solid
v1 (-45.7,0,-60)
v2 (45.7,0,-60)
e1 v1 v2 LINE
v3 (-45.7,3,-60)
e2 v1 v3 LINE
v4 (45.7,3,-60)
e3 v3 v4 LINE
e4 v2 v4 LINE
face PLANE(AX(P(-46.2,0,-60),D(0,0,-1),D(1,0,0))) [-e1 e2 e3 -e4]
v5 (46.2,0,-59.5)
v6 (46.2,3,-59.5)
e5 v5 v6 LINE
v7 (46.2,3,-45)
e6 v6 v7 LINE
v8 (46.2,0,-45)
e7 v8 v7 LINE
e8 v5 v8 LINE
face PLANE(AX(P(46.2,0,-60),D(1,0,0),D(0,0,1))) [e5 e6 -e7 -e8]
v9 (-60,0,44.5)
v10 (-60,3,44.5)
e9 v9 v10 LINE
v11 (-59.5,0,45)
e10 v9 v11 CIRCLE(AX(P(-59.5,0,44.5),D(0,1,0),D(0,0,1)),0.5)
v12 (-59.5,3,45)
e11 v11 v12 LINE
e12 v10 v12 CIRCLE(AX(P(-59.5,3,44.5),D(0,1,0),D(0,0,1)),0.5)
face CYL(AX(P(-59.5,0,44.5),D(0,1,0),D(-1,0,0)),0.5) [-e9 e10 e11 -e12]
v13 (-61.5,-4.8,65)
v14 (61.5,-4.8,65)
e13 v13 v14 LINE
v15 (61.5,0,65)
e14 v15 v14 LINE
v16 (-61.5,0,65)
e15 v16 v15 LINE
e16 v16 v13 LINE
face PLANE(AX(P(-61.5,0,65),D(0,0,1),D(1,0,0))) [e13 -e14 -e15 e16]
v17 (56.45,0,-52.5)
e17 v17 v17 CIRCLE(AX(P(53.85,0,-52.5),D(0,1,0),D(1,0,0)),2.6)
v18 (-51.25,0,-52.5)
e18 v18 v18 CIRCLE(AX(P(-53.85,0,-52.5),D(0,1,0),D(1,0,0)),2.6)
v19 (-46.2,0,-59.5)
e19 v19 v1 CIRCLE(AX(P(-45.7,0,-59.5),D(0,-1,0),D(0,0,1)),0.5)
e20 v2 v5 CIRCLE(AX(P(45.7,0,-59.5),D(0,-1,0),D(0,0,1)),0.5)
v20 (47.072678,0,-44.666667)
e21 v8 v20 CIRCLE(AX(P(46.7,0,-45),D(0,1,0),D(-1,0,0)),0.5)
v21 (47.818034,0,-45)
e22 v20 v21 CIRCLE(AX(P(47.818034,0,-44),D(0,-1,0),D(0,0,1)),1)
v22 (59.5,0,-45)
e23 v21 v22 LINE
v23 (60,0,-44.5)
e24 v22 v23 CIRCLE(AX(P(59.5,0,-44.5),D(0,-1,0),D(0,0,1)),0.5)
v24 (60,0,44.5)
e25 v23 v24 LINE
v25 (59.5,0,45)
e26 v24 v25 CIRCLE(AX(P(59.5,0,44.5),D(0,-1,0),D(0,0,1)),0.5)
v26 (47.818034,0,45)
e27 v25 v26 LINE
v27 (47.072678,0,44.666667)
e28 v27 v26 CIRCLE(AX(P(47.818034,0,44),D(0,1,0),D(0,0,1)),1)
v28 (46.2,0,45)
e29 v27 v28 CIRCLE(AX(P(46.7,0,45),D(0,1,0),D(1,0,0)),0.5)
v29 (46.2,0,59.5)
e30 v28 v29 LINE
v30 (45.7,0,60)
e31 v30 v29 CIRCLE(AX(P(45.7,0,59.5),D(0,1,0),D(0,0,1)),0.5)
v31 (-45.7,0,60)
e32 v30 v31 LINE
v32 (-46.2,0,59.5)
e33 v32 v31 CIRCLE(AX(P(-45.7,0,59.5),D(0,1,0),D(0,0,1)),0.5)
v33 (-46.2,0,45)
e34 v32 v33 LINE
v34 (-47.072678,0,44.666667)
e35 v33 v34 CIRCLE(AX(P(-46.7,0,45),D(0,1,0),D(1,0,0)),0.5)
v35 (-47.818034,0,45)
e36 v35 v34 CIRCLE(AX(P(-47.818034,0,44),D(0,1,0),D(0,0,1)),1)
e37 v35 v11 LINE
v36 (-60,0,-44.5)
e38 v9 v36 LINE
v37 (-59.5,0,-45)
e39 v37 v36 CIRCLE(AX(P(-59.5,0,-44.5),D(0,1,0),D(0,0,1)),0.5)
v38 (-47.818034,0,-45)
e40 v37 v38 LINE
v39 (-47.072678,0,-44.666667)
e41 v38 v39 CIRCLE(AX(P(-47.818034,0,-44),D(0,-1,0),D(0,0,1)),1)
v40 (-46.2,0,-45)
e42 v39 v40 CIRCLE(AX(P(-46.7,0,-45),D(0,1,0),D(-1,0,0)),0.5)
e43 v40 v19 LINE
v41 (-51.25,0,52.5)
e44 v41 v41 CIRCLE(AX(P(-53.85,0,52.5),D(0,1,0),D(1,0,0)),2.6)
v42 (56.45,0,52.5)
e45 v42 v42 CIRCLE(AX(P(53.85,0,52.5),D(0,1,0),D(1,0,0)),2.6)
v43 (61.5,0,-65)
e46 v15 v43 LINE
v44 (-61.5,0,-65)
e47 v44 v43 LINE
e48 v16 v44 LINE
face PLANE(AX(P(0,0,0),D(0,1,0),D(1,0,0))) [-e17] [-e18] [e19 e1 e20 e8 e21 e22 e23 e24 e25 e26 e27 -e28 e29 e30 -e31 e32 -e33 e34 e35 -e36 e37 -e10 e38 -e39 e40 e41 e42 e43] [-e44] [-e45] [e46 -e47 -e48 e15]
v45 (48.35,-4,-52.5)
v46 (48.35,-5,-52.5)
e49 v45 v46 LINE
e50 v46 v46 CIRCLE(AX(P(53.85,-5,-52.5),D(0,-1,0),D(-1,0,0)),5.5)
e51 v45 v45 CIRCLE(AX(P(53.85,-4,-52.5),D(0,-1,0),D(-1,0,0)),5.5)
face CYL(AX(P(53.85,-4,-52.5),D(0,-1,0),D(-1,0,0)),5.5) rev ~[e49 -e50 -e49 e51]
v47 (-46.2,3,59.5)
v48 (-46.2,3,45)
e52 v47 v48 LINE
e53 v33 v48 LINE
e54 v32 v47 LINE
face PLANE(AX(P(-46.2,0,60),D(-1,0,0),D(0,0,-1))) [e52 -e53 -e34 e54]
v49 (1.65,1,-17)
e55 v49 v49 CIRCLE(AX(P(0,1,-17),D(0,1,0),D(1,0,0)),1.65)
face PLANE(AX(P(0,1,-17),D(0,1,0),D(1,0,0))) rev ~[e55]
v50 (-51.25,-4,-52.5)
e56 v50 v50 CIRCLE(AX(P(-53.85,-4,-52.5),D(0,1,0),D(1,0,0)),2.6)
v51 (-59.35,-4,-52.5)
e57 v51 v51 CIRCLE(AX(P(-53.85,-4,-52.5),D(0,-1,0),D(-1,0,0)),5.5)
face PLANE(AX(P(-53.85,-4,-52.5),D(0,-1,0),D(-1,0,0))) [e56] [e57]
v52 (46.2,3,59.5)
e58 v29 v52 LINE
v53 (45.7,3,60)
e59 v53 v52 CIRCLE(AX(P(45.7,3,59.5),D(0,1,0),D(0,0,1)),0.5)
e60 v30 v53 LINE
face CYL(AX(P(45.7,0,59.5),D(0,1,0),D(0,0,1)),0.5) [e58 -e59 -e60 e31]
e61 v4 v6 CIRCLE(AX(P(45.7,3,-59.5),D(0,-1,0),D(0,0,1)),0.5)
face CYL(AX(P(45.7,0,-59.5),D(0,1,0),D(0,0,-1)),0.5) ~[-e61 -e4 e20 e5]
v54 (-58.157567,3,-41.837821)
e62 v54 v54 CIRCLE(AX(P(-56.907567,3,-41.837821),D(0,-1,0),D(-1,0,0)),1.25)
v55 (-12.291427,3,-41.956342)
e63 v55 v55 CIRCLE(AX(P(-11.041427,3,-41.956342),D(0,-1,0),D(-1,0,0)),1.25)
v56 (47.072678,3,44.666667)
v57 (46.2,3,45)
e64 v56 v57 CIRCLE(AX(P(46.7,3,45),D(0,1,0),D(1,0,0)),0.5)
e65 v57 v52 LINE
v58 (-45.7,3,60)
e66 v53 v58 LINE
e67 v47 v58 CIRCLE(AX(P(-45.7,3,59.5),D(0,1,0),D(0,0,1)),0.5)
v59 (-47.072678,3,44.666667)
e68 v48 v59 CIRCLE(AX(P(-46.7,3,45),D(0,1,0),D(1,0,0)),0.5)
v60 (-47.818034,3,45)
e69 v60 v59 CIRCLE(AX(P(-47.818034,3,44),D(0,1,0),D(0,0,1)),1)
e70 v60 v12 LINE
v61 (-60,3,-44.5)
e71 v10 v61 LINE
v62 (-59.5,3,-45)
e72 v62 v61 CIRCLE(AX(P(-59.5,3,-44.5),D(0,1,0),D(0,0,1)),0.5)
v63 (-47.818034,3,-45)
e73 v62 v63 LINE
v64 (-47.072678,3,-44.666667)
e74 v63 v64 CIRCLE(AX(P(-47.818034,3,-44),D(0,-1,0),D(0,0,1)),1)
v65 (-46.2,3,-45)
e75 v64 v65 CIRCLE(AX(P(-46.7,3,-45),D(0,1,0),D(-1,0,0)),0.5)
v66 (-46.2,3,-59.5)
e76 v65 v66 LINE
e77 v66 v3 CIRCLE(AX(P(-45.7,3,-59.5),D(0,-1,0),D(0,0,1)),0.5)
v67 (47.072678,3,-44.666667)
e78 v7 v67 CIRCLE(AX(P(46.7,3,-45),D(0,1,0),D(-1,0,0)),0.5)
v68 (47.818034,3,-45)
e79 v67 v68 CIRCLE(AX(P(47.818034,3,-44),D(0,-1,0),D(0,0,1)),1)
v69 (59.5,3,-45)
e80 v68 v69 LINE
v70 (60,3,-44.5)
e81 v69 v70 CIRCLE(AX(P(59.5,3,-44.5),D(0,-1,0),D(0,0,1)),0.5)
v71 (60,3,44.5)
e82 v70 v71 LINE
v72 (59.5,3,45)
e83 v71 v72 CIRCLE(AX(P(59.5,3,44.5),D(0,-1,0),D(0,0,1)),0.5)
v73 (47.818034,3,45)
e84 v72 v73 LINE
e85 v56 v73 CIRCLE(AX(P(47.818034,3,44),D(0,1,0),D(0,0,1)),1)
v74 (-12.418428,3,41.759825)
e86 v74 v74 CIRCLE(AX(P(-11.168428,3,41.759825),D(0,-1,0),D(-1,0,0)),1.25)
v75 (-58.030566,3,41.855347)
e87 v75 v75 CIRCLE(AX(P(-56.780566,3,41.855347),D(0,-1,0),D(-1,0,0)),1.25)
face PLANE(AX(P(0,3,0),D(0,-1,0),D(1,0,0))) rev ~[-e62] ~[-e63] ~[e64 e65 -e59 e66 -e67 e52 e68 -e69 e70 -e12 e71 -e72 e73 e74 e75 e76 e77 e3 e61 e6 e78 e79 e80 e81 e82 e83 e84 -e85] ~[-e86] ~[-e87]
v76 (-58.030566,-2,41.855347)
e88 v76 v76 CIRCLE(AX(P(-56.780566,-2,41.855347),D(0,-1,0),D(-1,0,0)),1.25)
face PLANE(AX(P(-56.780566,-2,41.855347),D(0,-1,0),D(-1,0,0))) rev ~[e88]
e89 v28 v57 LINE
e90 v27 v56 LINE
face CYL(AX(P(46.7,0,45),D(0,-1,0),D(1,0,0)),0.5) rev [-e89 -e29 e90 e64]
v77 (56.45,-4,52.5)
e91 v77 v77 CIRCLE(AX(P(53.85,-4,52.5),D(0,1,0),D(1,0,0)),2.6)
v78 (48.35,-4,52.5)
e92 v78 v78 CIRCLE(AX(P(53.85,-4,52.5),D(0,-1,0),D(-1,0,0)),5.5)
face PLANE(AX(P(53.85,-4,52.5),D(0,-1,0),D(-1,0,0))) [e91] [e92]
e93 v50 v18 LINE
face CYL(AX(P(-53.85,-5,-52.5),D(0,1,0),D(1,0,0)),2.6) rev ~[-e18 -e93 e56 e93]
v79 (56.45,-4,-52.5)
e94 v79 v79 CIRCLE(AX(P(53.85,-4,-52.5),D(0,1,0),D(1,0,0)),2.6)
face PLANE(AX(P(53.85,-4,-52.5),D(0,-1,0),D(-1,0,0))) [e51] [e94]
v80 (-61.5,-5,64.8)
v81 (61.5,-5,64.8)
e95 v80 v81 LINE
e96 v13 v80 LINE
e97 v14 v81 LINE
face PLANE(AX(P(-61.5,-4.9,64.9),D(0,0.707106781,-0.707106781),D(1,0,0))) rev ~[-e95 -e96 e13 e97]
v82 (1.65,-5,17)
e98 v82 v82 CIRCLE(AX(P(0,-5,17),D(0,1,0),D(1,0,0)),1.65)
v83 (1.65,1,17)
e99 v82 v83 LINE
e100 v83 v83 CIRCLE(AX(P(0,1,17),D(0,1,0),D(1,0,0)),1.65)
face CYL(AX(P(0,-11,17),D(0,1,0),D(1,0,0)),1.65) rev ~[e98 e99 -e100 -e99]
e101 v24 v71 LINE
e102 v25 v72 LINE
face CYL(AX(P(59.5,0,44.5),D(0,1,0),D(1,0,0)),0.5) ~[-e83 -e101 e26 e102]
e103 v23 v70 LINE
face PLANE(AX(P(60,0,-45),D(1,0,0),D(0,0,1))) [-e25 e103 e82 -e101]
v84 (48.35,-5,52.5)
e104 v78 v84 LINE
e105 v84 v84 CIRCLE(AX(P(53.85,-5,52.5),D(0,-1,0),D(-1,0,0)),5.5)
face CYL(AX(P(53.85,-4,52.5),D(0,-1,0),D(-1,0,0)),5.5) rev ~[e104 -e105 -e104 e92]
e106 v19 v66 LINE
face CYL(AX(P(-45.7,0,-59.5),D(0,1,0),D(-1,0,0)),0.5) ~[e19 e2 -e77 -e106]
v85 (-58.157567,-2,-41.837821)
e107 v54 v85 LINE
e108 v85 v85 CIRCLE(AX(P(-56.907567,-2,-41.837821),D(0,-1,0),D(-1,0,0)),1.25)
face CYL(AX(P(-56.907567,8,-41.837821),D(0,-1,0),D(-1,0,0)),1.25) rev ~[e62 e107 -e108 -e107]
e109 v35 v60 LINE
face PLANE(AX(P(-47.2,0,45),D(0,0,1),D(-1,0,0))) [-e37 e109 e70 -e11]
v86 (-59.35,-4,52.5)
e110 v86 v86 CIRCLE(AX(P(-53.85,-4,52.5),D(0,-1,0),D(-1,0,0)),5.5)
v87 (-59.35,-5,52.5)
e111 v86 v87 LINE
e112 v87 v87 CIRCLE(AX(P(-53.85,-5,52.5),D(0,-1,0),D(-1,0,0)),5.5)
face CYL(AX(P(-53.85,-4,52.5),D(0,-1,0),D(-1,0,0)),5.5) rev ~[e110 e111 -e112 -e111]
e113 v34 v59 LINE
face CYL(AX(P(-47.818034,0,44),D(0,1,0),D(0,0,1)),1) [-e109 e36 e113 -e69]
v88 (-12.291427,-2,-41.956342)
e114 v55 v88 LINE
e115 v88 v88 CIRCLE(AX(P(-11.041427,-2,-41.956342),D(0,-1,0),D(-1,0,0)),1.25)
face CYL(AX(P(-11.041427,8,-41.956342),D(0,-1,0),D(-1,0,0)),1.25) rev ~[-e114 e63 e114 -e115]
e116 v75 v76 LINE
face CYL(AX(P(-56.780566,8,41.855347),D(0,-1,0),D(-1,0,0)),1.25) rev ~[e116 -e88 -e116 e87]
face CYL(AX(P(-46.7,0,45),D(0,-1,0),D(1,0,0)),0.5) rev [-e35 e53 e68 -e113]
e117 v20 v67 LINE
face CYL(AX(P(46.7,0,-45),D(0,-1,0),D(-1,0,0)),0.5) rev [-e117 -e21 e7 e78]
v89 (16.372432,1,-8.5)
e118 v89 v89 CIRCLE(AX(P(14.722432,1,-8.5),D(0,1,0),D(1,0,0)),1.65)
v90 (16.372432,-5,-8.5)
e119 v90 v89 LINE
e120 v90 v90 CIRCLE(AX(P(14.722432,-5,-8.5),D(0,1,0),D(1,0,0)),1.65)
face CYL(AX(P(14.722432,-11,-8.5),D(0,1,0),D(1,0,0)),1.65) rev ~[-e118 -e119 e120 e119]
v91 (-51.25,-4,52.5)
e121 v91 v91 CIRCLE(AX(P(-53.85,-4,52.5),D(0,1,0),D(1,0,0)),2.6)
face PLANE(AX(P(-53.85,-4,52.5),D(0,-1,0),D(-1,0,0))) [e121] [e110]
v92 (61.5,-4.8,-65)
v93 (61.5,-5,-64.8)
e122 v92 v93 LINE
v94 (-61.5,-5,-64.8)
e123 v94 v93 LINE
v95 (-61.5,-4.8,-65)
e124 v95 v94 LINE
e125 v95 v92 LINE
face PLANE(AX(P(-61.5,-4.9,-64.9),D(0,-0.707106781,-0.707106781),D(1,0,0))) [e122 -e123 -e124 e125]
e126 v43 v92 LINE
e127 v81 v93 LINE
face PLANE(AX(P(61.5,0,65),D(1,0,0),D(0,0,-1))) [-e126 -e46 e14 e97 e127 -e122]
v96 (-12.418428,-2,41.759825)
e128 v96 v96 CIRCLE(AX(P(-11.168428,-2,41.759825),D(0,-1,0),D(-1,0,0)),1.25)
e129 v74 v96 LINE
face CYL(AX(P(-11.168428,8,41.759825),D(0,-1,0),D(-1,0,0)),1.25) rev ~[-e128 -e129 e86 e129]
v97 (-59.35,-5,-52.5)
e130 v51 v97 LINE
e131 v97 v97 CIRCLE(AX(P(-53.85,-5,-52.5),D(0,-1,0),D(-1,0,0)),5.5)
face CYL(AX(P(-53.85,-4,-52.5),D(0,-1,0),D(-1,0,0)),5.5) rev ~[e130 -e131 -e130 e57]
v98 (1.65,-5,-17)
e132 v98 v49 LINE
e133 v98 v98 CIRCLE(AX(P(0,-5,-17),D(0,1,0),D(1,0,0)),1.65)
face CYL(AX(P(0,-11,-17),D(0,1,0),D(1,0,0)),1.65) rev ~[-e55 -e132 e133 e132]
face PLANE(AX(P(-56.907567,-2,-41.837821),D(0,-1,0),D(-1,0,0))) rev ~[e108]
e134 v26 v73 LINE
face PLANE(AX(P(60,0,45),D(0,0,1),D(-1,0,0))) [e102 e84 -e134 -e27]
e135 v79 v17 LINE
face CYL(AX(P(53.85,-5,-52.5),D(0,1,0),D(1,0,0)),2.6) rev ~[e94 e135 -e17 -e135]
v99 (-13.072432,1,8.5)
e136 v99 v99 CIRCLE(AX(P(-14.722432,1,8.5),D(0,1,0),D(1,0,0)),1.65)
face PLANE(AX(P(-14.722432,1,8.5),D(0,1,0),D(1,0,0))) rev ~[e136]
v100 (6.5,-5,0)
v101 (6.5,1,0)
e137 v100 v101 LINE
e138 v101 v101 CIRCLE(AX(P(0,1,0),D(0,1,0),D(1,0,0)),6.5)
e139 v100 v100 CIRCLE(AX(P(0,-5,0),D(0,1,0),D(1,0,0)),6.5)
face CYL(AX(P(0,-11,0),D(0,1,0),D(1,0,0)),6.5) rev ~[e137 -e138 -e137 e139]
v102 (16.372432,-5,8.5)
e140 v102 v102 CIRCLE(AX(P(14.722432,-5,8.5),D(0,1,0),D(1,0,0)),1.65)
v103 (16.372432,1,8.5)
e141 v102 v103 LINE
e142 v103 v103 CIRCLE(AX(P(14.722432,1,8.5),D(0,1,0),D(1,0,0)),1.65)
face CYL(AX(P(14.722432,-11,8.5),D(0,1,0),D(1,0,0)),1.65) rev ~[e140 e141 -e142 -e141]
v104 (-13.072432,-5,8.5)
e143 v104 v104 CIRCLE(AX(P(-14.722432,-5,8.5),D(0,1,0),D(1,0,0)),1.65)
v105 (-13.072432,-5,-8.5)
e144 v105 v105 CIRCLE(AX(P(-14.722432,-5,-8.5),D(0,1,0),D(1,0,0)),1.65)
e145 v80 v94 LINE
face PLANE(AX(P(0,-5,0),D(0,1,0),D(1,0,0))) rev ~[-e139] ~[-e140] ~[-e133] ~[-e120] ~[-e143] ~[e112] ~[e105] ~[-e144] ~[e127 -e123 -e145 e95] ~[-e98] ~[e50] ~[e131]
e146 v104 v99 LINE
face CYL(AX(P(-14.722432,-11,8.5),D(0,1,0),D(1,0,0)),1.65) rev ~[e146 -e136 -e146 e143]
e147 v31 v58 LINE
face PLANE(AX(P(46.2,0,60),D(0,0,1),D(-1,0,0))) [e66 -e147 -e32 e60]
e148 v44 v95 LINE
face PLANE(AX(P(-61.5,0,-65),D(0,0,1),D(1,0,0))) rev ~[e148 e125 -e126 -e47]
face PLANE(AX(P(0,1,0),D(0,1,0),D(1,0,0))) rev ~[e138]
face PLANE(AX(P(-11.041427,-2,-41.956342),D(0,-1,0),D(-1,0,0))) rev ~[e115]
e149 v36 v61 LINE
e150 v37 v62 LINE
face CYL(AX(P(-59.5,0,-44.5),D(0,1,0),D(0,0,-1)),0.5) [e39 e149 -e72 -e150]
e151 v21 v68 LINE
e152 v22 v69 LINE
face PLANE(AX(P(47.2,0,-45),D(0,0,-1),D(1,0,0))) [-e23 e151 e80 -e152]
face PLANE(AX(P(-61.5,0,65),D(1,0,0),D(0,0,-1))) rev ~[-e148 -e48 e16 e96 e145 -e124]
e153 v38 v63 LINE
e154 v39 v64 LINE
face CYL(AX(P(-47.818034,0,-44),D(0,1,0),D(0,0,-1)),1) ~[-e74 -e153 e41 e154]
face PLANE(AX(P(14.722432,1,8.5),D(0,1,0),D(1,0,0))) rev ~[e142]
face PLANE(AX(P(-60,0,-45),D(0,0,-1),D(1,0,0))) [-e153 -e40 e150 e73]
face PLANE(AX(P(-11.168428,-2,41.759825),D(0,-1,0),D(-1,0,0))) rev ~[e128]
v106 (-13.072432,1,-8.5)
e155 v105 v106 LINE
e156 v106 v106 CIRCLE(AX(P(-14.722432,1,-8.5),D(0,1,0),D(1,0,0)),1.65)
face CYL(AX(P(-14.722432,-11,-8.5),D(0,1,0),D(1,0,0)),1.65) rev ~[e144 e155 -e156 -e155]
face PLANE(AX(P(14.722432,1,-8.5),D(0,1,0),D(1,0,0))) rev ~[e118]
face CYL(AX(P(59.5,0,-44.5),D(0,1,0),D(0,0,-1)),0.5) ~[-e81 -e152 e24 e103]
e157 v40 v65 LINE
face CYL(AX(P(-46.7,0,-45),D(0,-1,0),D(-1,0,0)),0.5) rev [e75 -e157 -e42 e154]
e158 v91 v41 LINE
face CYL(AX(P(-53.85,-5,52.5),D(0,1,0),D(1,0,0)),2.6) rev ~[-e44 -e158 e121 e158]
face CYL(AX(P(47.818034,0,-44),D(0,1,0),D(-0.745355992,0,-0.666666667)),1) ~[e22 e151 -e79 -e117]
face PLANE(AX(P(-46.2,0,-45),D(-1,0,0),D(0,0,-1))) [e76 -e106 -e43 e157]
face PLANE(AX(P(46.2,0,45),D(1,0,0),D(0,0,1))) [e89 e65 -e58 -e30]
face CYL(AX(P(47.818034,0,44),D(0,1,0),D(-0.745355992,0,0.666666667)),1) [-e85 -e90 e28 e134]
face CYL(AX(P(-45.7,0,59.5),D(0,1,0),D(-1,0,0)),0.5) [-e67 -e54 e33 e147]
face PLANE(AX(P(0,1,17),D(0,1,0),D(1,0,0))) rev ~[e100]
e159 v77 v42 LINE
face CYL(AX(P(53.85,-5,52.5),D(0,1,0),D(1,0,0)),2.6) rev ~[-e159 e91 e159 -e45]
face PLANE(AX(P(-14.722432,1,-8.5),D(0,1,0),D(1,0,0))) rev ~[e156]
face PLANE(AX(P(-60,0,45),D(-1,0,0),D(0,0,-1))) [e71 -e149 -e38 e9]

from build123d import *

# Parameters (mm, degrees)
SKETCH_1_W                  = 123
SKETCH_1_H                  = 130
EXTRUDE_1_DEPTH             = 5
EXTRUDE_2_DEPTH             = 3
HOLE_WIZARD_13_0_13_1_D     = 13
HOLE_WIZARD_13_0_13_1_DEPTH = 6
HOLE_WIZARD_2_5_2_5_1_D     = 2.5
HOLE_WIZARD_2_5_2_5_1_DEPTH = 5
HOLE_WIZARD_3_3_3_3_1_D     = 3.3
HOLE_WIZARD_3_3_3_3_1_DEPTH = 6
HOLE_WIZARD_1_D             = 5.2
HOLE_WIZARD_1_DEPTH         = 8
HOLE_WIZARD_1_CBORE_D       = 11
HOLE_WIZARD_1_CBORE_DEPTH   = 1
CHAMFER_1_SIZE              = 0.2
FILLET_1_R                  = 0.5
FILLET_2_R                  = 1


with BuildPart() as part:
    # 草图1 → 凸台-拉伸1 (new body)
    with BuildSketch(Plane(origin=(0, 0, 0), x_dir=(1, 0, 0), z_dir=(0, 1, 0))):
        Rectangle(SKETCH_1_W, SKETCH_1_H)
    extrude(amount=-EXTRUDE_1_DEPTH)

    # 草图2 → 凸台-拉伸2 (add)
    with BuildSketch(Plane(origin=(0, 0, 0), x_dir=(-1, 0, 0), z_dir=(0, 1, 0))):
        with BuildLine():
            Line((46.2, -45), (46.2, -60))
            Line((46.2, -60), (-46.2, -60))
            Line((-46.2, -60), (-46.2, -45))
            ThreePointArc((-46.2, -45), (-46.7, -44.5), (-47.2, -45))
            Line((-47.2, -45), (-60, -45))
            Line((-60, -45), (-60, 45))
            Line((-60, 45), (-47.2, 45))
            ThreePointArc((-47.2, 45), (-46.7, 44.5), (-46.2, 45))
            Line((-46.2, 45), (-46.2, 60))
            Line((-46.2, 60), (46.2, 60))
            Line((46.2, 60), (46.2, 45))
            ThreePointArc((46.2, 45), (46.7, 44.5), (47.2, 45))
            Line((47.2, 45), (60, 45))
            Line((60, 45), (60, -45))
            Line((60, -45), (47.2, -45))
            ThreePointArc((47.2, -45), (46.7, -44.5), (46.2, -45))
        make_face()
    extrude(amount=EXTRUDE_2_DEPTH)

    # Ø13.0 (13) 直径孔1
    with Locations(Plane(origin=(0, -5, 0), x_dir=(-1, 0, 0), z_dir=(0, -1, 0))):
        with Locations((0, 0)):
            Hole(HOLE_WIZARD_13_0_13_1_D / 2, depth=HOLE_WIZARD_13_0_13_1_DEPTH)

    # Ø2.5 (2.5) 直径孔1
    with Locations(Plane(origin=(0, 3, 0), x_dir=(1, 0, 0), z_dir=(0, 1, 0))):
        with Locations((-56.780566421, -41.855346711), (-11.041427483, 41.956342393), (-56.907566675, 41.837820676), (-11.168427737, -41.75982474)):
            Hole(HOLE_WIZARD_2_5_2_5_1_D / 2, depth=HOLE_WIZARD_2_5_2_5_1_DEPTH)

    # Ø3.3 (3.3) 直径孔1
    with Locations(Plane(origin=(0, -5, 0), x_dir=(-1, 0, 0), z_dir=(0, -1, 0))):
        with Locations((-14.722431864, -8.5), (-14.722431864, 8.5), (0, 17), (14.722431864, 8.5), (14.722431864, -8.5), (0, -17)):
            Hole(HOLE_WIZARD_3_3_3_3_1_D / 2, depth=HOLE_WIZARD_3_3_3_3_1_DEPTH)

    # 孔1
    with Locations(Plane(origin=(0, -5, 0), x_dir=(-1, 0, 0), z_dir=(0, -1, 0))):
        with Locations((53.85, 52.5), (-53.85, -52.5), (53.85, -52.5), (-53.85, 52.5)):
            CounterBoreHole(HOLE_WIZARD_1_D / 2, HOLE_WIZARD_1_CBORE_D / 2, HOLE_WIZARD_1_CBORE_DEPTH, depth=HOLE_WIZARD_1_DEPTH)

    # 倒角1
    chamfer_1_edges = [part.edges().sort_by_distance(p)[0] for p in [
        (0, -5, 65),
        (0, -5, -65),
    ]]
    chamfer(chamfer_1_edges, length=CHAMFER_1_SIZE)

    # 圆角1
    fillet_1_edges = [part.edges().sort_by_distance(p)[0] for p in [
        (-60, 1.5, -45),
        (-60, 1.5, 45),
        (-46.2, 1.5, 60),
        (46.2, 1.5, 60),
        (60, 1.5, 45),
        (60, 1.5, -45),
        (46.2, 1.5, -60),
        (-46.2, 1.5, -60),
    ]]
    fillet(fillet_1_edges, radius=FILLET_1_R)

    # 圆角2
    fillet_2_edges = [part.edges().sort_by_distance(p)[0] for p in [
        (-47.2, 1.5, -45),
        (-47.2, 1.5, 45),
        (47.2, 1.5, 45),
        (47.2, 1.5, -45),
    ]]
    fillet(fillet_2_edges, radius=FILLET_2_R)


solid = part.part
